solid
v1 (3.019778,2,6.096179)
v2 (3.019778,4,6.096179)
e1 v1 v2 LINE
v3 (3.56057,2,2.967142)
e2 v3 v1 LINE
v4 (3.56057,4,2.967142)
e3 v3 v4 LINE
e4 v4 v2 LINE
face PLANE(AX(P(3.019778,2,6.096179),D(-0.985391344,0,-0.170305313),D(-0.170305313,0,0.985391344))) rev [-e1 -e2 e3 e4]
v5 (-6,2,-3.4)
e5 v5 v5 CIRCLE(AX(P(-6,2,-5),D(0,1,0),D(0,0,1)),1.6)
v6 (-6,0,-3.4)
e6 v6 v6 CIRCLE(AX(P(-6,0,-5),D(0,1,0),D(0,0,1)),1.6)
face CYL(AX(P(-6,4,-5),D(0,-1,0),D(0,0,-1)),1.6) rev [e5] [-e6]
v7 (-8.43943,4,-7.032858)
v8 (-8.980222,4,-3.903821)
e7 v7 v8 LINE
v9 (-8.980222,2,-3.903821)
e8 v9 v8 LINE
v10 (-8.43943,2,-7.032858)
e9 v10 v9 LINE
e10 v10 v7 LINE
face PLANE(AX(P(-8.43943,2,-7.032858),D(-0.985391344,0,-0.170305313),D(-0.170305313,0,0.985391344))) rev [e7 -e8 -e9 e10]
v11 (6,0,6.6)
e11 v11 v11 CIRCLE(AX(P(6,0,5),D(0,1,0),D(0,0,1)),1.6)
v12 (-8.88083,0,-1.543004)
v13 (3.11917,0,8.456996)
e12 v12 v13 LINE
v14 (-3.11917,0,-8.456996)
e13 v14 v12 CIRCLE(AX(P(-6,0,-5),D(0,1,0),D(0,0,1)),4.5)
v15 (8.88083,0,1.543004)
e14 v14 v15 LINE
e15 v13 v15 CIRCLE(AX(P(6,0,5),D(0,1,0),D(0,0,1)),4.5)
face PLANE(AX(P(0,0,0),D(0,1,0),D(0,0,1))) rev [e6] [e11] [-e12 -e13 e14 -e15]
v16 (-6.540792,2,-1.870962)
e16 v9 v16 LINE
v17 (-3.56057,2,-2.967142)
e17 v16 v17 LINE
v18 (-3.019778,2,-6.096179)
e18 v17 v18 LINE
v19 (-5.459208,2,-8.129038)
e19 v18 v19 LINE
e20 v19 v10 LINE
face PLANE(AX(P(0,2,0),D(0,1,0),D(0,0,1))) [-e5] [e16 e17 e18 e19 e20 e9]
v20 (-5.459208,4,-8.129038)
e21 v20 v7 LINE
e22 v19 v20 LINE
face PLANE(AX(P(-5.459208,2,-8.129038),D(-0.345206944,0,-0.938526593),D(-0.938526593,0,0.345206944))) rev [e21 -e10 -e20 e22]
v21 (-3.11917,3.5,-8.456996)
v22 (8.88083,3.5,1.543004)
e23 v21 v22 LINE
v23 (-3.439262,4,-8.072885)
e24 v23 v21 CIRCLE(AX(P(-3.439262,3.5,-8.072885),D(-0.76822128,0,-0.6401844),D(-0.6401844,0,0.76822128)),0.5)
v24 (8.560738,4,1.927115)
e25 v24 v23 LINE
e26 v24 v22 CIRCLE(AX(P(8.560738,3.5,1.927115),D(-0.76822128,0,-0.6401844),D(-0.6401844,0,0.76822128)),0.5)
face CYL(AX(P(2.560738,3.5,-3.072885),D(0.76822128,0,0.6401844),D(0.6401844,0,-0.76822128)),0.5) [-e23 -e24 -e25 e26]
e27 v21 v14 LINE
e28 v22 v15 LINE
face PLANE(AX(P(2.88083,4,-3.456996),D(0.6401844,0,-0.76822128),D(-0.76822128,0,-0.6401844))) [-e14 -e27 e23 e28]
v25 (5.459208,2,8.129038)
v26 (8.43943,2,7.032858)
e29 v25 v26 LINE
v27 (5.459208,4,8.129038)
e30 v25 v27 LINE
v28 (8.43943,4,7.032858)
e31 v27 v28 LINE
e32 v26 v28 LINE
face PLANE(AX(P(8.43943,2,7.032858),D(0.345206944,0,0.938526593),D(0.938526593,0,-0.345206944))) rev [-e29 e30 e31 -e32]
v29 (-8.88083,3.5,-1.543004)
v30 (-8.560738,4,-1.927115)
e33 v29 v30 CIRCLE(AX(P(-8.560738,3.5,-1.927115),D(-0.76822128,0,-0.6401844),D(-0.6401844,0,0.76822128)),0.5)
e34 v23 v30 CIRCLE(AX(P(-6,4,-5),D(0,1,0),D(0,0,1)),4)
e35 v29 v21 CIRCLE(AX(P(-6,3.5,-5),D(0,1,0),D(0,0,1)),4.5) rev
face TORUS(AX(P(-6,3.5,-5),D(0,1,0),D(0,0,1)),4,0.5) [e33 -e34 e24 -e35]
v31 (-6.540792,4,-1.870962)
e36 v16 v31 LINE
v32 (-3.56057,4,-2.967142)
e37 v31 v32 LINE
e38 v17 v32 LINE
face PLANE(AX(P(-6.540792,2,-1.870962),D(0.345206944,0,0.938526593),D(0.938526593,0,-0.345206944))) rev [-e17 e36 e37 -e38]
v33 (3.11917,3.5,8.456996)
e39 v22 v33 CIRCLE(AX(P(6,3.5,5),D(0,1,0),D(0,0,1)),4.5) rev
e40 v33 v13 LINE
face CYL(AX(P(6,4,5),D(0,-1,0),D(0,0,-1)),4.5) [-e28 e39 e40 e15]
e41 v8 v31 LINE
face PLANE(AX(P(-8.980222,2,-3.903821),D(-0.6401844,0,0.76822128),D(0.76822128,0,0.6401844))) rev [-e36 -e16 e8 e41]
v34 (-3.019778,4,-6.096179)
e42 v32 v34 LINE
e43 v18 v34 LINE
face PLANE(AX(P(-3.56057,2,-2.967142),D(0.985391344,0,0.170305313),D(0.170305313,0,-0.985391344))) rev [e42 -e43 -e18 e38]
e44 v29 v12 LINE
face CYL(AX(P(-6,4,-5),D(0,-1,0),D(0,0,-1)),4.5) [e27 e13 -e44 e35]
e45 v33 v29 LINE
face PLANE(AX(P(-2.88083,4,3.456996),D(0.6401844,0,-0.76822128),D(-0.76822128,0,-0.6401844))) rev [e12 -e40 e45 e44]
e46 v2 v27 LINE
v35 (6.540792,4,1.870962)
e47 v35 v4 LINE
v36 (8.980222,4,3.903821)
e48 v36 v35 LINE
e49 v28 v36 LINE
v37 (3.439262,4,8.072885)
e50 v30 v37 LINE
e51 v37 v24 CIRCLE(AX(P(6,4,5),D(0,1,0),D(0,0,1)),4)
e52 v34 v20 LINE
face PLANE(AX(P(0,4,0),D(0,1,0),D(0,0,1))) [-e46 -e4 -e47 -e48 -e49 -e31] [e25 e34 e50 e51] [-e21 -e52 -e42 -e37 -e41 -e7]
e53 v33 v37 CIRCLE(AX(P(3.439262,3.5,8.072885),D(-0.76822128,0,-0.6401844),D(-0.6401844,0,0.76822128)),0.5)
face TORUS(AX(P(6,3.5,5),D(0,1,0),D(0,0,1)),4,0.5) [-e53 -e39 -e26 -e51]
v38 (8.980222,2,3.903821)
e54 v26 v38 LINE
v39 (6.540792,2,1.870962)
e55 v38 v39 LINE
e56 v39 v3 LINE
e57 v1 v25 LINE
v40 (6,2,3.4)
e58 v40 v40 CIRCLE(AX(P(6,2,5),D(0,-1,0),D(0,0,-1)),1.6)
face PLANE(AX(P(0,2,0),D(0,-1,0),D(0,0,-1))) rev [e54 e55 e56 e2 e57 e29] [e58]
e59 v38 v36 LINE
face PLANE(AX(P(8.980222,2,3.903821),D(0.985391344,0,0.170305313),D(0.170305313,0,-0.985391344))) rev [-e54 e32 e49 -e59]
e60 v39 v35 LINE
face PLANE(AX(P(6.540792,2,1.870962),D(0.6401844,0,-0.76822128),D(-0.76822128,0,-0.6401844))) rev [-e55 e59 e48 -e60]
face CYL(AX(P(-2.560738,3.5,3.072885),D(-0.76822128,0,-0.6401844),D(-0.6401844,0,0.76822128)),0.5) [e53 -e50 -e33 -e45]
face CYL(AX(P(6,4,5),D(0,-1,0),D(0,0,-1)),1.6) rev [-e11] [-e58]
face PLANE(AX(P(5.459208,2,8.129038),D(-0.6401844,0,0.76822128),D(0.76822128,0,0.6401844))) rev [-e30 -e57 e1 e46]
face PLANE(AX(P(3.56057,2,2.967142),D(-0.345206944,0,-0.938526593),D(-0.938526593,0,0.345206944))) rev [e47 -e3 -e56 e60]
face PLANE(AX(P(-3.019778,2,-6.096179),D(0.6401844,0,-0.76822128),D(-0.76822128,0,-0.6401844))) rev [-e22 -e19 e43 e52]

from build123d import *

# Parameters (mm, degrees)
BOSS_EXTRUDE1_DEPTH = 4
CUT_EXTRUDE1_DEPTH  = 2
FILLET1_R           = 0.5


with BuildPart() as part:
    # Sketch1 → Boss-Extrude1 (new body)
    with BuildSketch(Plane(origin=(0, 0, 0), x_dir=(1, 0, 0), z_dir=(0, 1, 0))):
        with BuildLine():
            ThreePointArc((-3.119170202, 8.456995758), (-9.456995758, 7.880829798), (-8.880829798, 1.543004242))
            ThreePointArc((-8.880829798, 1.543004242), (-7.531913687, 0.7687779), (-6, 0.5))
            Line((-6, 0.5), (-6, 3.4))
            ThreePointArc((-6, 3.4), (-7.13137085, 6.13137085), (-4.4, 5))
            Line((-4.4, 5), (-1.5, 5))
            ThreePointArc((-1.5, 5), (-1.924847604, 6.908699283), (-3.119170202, 8.456995758))
        make_face()
        with BuildLine():
            Line((-6, 3.4), (-6, 0.5))
            ThreePointArc((-6, 0.5), (-2.818019485, 1.818019485), (-1.5, 5))
            Line((-1.5, 5), (-4.4, 5))
            ThreePointArc((-4.4, 5), (-4.86862915, 3.86862915), (-6, 3.4))
        make_face()
        with BuildLine():
            Line((-6, 0.5), (-6, -0.857687257))
            Line((-6, -0.857687257), (-1.029224708, -5))
            Line((-1.029224708, -5), (1.5, -5))
            ThreePointArc((1.5, -5), (2.818019485, -1.818019485), (6, -0.5))
            Line((6, -0.5), (6, 0.857687257))
            Line((6, 0.857687257), (1.029224708, 5))
            Line((1.029224708, 5), (-1.5, 5))
            ThreePointArc((-1.5, 5), (-2.818019485, 1.818019485), (-6, 0.5))
        make_face()
        with BuildLine():
            ThreePointArc((1.5, -5), (1.924847604, -6.908699283), (3.119170202, -8.456995758))
            ThreePointArc((3.119170202, -8.456995758), (7.908699283, -9.075152396), (10.5, -5))
            ThreePointArc((10.5, -5), (10.075152396, -3.091300717), (8.880829798, -1.543004242))
            ThreePointArc((8.880829798, -1.543004242), (7.531913687, -0.7687779), (6, -0.5))
            Line((6, -0.5), (6, -3.4))
            ThreePointArc((6, -3.4), (7.13137085, -3.86862915), (7.6, -5))
            ThreePointArc((7.6, -5), (6, -6.6), (4.4, -5))
            Line((4.4, -5), (1.5, -5))
        make_face()
        with BuildLine():
            ThreePointArc((6, -0.5), (2.818019485, -1.818019485), (1.5, -5))
            Line((1.5, -5), (4.4, -5))
            ThreePointArc((4.4, -5), (4.86862915, -3.86862915), (6, -3.4))
            Line((6, -3.4), (6, -0.5))
        make_face()
        with BuildLine():
            Line((1.5, -5), (-1.029224708, -5))
            Line((-1.029224708, -5), (3.119170202, -8.456995758))
            ThreePointArc((3.119170202, -8.456995758), (1.924847604, -6.908699283), (1.5, -5))
        make_face()
        with BuildLine():
            ThreePointArc((-6, 0.5), (-7.531913687, 0.7687779), (-8.880829798, 1.543004242))
            Line((-8.880829798, 1.543004242), (-6, -0.857687257))
            Line((-6, -0.857687257), (-6, 0.5))
        make_face()
        with BuildLine():
            Line((8.880829798, -1.543004242), (6, 0.857687257))
            Line((6, 0.857687257), (6, -0.5))
            ThreePointArc((6, -0.5), (7.531913687, -0.7687779), (8.880829798, -1.543004242))
        make_face()
        with BuildLine():
            Line((1.029224708, 5), (-3.119170202, 8.456995758))
            ThreePointArc((-3.119170202, 8.456995758), (-1.924847604, 6.908699283), (-1.5, 5))
            Line((-1.5, 5), (1.029224708, 5))
        make_face()
    extrude(amount=BOSS_EXTRUDE1_DEPTH)

    # Sketch2 → Cut-Extrude1 (cut)
    with BuildSketch(Plane(origin=(0, 4, 0), x_dir=(1, 0, 0), z_dir=(0, 1, 0))):
        Polygon((-8.439430194, 7.032858495), (-8.980222196, 3.903820729), (-6.540792002, 1.870962234), (-3.560569806, 2.967141505), (-3.019777804, 6.096179271), (-5.459207998, 8.129037766), align=None)
        Polygon((5.459207998, -8.129037766), (3.019777804, -6.096179271), (3.560569806, -2.967141505), (6.540792002, -1.870962234), (8.980222196, -3.903820729), (8.439430194, -7.032858495), align=None)
    extrude(amount=-CUT_EXTRUDE1_DEPTH, mode=Mode.SUBTRACT)

    # Fillet1
    fillet1_edges = [part.edges().sort_by_distance(p)[0] for p in [
        (-2.880829798, 4, 3.456995758),
        (9.456995758, 4, 7.880829798),
        (2.880829798, 4, -3.456995758),
        (-9.456995758, 4, -7.880829798),
    ]]
    fillet(fillet1_edges, radius=FILLET1_R)


solid = part.part
